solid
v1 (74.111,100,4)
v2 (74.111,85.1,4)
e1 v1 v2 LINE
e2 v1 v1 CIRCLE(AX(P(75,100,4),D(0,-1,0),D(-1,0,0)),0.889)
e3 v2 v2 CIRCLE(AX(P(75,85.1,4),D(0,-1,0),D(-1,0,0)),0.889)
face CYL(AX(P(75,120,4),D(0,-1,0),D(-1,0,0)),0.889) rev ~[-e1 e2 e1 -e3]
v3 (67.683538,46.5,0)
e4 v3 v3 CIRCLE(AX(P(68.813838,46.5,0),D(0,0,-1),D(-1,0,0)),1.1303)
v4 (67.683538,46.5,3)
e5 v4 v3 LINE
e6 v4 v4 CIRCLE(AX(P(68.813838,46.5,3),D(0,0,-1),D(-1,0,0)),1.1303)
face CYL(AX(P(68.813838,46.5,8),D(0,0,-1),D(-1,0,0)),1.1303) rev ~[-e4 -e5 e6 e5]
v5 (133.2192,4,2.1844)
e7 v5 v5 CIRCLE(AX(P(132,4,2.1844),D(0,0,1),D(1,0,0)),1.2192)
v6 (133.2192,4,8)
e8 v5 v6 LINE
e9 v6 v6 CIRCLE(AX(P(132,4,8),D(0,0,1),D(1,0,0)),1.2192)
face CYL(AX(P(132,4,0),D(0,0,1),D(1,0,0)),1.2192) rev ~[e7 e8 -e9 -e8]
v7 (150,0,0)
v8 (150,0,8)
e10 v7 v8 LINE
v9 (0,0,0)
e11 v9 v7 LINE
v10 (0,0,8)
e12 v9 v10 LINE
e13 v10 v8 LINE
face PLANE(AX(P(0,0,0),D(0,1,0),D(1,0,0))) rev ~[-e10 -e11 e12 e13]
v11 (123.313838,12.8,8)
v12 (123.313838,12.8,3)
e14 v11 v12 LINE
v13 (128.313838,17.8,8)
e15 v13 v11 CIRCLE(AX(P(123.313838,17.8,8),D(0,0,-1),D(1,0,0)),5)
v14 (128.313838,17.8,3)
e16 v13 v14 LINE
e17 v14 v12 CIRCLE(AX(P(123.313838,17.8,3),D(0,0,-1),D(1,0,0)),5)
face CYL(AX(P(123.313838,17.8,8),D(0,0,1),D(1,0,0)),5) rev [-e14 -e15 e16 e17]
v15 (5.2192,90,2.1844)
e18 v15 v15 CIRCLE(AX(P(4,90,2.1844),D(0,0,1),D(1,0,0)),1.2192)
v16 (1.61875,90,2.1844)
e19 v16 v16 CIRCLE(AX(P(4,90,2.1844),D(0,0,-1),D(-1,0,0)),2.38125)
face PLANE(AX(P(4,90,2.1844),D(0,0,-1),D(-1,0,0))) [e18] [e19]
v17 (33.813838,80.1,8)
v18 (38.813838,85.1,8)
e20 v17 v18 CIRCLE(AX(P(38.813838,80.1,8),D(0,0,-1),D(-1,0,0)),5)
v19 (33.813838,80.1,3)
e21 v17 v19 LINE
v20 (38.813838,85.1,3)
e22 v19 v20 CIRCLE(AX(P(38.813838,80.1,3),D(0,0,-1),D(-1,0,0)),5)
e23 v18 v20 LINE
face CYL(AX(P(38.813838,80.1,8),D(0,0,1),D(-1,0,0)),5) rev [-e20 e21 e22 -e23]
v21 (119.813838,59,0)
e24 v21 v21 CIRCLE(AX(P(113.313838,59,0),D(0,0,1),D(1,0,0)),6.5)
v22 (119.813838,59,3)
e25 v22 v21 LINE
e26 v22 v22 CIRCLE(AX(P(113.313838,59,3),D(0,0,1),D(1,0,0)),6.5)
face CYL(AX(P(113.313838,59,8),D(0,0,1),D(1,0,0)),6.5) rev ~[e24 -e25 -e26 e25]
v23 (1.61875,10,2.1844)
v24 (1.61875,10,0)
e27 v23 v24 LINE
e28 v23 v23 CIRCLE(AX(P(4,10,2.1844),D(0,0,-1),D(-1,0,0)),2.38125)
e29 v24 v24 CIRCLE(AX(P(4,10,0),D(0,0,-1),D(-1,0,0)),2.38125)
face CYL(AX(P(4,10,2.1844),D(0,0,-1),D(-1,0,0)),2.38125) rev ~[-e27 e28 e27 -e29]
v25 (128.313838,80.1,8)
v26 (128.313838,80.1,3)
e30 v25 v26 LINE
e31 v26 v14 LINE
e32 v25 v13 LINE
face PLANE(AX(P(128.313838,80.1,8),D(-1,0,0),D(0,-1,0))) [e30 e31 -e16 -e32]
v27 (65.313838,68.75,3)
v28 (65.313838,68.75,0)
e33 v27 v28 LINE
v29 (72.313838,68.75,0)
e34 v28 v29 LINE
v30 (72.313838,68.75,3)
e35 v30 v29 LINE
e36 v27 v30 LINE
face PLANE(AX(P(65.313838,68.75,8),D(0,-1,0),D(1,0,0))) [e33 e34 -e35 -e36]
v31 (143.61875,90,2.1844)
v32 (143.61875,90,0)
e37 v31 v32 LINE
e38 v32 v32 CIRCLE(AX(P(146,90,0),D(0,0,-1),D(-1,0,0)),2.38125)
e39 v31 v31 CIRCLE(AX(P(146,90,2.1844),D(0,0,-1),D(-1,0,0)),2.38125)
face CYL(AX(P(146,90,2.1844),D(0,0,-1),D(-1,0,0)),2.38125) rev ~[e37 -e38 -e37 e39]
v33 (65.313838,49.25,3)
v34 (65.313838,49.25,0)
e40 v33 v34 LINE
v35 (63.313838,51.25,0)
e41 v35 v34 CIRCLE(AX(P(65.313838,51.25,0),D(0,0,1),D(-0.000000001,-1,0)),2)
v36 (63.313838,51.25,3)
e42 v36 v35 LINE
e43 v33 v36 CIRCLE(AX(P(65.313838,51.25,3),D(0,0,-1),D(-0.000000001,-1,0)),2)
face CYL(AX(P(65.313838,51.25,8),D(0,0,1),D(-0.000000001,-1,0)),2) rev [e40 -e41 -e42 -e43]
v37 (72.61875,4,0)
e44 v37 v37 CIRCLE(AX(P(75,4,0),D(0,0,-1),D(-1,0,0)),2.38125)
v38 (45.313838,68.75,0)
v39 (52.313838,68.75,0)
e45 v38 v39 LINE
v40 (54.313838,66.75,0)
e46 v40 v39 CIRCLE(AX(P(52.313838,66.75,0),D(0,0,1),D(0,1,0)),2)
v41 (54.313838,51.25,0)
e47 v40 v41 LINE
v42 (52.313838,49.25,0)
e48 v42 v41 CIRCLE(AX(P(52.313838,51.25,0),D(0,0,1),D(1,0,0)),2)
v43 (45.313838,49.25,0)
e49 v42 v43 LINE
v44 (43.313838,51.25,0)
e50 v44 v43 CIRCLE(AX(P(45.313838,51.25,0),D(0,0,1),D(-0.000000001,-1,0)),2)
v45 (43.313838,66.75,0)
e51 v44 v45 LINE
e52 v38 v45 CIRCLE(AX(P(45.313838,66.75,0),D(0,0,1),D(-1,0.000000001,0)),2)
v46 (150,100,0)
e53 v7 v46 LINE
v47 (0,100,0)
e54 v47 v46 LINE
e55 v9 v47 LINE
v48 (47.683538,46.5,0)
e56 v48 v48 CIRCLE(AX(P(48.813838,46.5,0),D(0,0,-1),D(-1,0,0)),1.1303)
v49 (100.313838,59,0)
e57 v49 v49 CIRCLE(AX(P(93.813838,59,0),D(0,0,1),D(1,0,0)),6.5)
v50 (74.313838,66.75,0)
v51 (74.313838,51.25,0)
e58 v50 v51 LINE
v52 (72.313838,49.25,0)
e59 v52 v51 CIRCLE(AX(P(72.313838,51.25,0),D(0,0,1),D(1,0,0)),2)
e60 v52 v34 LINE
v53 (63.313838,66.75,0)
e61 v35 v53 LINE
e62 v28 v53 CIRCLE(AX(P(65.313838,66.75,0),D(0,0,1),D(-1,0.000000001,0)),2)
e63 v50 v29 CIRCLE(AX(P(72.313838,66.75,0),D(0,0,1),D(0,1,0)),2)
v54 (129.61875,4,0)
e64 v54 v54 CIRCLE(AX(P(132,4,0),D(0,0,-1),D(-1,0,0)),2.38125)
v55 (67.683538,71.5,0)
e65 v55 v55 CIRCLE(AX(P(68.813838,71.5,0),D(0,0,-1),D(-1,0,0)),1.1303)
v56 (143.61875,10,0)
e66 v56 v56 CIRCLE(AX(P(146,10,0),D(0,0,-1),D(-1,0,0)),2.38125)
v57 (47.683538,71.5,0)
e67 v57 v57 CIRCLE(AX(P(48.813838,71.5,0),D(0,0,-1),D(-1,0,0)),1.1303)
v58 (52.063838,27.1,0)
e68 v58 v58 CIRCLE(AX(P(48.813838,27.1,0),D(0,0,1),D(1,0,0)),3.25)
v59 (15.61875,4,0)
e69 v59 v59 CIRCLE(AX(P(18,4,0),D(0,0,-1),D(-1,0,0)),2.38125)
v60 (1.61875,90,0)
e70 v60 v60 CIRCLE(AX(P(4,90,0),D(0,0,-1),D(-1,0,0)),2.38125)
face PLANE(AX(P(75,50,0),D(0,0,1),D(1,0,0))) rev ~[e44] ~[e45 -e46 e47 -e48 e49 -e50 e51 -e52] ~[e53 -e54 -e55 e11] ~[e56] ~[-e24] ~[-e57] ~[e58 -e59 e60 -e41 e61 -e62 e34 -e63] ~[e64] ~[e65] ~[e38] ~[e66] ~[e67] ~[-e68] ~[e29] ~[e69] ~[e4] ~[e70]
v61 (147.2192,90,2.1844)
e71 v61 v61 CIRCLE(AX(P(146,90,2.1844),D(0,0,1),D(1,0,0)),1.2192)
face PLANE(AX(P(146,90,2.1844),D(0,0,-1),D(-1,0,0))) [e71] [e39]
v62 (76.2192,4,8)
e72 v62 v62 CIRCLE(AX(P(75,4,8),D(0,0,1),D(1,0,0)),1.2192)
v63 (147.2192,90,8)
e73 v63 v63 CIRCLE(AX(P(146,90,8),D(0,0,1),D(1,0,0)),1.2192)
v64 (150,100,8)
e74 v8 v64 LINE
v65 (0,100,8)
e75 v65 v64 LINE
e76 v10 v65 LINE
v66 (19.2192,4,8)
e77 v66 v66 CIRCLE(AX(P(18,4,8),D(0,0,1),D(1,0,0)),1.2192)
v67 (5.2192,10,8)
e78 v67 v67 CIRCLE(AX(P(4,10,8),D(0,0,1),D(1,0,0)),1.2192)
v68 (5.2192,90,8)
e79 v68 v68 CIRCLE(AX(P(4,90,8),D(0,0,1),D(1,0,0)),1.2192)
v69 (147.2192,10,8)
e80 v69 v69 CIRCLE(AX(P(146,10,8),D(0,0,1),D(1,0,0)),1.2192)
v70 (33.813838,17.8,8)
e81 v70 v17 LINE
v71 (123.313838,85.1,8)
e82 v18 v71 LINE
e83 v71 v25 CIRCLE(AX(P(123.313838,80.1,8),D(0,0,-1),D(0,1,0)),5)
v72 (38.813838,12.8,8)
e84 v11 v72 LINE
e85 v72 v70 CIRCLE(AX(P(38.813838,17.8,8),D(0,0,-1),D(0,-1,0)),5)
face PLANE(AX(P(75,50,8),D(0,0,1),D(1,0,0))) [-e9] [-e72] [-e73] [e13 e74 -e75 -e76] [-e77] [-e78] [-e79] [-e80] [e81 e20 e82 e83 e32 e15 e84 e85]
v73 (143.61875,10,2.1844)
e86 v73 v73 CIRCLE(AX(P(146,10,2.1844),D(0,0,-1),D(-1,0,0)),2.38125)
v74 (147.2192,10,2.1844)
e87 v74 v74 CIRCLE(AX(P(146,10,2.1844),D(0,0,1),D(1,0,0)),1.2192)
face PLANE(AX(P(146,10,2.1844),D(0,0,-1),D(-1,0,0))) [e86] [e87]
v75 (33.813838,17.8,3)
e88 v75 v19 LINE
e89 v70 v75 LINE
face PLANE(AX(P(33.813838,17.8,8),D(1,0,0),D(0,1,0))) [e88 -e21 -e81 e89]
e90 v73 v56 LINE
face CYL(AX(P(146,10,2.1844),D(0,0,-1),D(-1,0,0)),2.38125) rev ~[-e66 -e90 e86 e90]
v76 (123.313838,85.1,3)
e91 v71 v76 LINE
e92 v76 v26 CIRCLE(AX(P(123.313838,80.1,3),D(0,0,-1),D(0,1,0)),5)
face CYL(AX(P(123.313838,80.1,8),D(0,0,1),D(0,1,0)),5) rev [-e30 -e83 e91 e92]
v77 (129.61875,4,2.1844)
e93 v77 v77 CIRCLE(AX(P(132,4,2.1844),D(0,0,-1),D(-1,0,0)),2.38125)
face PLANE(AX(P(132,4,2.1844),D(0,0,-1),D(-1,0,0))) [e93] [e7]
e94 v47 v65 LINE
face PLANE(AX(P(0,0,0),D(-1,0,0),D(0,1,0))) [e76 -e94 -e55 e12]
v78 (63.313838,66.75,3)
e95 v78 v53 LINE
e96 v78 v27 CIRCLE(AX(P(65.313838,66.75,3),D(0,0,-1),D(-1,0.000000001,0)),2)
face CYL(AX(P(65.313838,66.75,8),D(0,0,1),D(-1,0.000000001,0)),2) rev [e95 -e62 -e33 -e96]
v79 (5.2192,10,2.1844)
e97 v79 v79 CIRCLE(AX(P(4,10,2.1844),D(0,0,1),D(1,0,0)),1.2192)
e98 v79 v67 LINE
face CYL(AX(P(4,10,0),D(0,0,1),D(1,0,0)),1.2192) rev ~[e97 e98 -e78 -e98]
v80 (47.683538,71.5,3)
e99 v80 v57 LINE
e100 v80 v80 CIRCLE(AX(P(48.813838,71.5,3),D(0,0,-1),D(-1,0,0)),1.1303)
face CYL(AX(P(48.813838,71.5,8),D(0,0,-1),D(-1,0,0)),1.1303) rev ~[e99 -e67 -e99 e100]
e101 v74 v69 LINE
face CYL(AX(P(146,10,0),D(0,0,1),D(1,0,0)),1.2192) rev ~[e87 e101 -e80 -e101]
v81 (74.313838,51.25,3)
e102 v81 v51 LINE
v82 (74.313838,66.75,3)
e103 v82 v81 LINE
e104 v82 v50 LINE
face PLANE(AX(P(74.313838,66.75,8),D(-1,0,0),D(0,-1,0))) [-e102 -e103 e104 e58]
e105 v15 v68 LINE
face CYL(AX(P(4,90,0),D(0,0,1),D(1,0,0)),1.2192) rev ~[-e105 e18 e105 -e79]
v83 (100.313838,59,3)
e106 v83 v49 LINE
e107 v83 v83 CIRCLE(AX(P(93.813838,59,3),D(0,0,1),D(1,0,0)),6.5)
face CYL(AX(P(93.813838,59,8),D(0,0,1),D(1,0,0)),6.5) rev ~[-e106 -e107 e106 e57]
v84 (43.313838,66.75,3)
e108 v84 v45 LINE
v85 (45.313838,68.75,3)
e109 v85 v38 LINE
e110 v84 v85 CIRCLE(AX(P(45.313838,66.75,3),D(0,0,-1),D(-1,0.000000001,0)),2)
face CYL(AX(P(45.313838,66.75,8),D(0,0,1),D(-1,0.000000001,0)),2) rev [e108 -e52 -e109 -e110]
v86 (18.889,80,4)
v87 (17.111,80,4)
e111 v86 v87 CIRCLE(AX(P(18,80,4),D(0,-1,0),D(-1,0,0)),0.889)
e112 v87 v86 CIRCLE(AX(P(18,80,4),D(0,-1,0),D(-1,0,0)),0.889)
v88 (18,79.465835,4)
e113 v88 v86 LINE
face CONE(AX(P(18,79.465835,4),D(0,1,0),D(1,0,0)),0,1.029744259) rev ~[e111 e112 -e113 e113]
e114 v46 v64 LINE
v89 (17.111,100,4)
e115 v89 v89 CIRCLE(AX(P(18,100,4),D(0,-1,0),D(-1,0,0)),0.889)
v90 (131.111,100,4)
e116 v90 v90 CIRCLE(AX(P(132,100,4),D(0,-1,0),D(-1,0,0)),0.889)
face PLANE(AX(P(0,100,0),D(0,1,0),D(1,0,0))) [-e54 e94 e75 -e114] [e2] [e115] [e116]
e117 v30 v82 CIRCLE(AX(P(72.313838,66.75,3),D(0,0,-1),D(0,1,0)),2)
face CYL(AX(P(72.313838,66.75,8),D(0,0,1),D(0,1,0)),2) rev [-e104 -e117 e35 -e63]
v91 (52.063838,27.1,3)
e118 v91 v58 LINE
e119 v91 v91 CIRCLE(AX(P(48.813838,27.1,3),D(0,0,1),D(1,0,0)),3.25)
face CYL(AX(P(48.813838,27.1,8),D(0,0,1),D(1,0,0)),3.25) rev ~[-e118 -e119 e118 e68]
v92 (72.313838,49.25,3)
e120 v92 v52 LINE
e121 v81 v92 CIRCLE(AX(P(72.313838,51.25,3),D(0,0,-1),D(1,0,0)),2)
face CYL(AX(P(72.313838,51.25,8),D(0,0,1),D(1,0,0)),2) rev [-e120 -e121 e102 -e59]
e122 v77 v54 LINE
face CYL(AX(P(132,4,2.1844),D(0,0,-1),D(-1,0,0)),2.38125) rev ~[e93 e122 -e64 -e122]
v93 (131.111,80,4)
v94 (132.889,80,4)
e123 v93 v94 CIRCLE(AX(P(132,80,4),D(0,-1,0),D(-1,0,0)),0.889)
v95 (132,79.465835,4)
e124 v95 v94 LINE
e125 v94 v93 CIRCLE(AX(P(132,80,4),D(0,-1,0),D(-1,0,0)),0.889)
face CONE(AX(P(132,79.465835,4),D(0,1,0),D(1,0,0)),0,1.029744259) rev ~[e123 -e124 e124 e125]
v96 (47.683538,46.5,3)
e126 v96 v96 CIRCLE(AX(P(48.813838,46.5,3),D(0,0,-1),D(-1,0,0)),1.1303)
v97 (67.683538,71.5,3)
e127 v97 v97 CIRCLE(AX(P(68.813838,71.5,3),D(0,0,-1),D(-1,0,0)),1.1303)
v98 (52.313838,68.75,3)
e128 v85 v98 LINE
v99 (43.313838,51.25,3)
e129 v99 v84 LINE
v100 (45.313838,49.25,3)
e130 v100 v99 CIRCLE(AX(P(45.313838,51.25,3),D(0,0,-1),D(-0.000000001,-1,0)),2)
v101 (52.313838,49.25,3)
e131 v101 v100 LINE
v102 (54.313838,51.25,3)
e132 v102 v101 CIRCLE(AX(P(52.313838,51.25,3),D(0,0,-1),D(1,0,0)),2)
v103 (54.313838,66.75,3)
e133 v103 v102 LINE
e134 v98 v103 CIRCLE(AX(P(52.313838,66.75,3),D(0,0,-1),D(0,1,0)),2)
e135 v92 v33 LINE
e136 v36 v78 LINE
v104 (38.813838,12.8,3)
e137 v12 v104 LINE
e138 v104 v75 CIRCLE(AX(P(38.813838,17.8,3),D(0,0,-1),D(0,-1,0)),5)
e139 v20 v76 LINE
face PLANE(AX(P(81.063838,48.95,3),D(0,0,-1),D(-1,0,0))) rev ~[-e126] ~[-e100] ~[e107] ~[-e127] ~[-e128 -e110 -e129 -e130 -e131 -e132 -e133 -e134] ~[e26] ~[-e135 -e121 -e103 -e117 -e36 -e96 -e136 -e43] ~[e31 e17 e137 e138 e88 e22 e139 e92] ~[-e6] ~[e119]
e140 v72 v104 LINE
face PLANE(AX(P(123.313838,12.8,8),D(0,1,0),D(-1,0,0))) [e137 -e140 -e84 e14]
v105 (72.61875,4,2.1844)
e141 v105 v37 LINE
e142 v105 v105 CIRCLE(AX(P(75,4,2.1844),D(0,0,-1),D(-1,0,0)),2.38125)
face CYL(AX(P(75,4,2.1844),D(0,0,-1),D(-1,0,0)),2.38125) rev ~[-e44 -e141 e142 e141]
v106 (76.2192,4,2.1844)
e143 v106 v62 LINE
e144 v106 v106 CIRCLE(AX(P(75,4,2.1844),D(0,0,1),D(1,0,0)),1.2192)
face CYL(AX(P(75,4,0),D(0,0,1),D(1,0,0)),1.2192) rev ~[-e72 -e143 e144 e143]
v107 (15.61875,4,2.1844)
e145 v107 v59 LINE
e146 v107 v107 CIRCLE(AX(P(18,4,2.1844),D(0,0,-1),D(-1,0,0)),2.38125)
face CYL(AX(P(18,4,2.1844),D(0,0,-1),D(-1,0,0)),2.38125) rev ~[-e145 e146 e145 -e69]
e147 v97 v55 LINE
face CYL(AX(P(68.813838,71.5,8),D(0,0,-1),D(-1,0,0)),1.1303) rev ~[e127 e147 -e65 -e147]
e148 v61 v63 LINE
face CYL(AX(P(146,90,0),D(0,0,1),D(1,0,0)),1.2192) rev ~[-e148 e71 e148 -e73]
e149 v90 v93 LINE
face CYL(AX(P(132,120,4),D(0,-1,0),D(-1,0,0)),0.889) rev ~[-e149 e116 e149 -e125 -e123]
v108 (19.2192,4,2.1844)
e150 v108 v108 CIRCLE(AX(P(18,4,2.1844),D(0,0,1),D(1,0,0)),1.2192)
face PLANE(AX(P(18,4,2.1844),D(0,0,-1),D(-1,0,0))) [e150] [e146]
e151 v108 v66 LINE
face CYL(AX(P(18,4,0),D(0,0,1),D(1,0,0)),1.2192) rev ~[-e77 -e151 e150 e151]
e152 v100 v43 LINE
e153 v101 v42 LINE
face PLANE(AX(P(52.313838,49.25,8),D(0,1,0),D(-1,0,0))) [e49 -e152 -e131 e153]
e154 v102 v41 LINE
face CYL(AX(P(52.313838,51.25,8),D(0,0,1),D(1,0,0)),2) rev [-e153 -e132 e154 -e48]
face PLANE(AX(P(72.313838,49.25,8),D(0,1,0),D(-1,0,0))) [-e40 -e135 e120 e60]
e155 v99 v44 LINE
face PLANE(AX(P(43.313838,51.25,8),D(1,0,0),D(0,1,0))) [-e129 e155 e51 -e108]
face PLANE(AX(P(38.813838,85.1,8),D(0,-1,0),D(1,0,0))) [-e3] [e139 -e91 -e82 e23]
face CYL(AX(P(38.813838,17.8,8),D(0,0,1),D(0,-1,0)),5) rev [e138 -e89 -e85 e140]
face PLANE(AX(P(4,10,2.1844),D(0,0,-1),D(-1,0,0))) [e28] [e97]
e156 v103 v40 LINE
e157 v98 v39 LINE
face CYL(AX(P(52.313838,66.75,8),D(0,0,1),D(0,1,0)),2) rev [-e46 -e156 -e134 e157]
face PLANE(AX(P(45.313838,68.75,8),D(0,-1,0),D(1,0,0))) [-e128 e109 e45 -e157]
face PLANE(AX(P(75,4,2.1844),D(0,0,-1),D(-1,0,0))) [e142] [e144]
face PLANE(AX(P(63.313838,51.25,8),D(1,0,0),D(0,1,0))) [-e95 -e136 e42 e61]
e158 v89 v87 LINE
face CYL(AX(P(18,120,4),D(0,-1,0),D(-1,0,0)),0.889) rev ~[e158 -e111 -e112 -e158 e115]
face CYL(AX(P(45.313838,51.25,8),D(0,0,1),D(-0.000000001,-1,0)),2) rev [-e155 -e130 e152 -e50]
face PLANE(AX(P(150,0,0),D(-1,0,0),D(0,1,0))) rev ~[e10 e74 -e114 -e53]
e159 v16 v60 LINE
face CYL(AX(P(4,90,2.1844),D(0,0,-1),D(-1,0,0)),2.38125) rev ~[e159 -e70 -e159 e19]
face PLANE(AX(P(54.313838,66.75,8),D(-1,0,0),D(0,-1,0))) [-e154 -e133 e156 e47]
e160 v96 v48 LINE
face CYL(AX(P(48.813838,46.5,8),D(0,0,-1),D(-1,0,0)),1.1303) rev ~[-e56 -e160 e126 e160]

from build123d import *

# Parameters (mm, degrees)
SKETCH1_W                                      = 150
SKETCH1_H                                      = 100
BOSS_EXTRUDE1_DEPTH                            = 8
CBORE_FOR_2_SOCKET_HEAD_CAP_SCREW1_D           = 2.4384
CBORE_FOR_2_SOCKET_HEAD_CAP_SCREW1_CBORE_D     = 4.7625
CBORE_FOR_2_SOCKET_HEAD_CAP_SCREW1_CBORE_DEPTH = 2.1844
F_2_56_TAPPED_HOLE1_D                          = 1.778
F_2_56_TAPPED_HOLE1_DEPTH                      = 20
F_2_56_TAPPED_HOLE1_TIP                        = 0.53416509
SKETCH7_R                                      = 6.5
SKETCH7_R_2                                    = 3.25
BNC_PIEZO_BNC_THRU_HOLES_DEPTH                 = 9
F_4_40_TAPPED_HOLE1_D                          = 2.2606
F_4_40_TAPPED_HOLE1_CSINK_D                    = 4.1148
F_4_40_TAPPED_HOLE1_CSINK_ANGLE                = 90
SKETCH7_3_R                                    = 6.5
SKETCH7_3_R_2                                  = 3.25
CUT_EXTRUDE2_DEPTH                             = 5


with BuildPart() as part:
    # Sketch1 → Boss-Extrude1 (new body)
    with BuildSketch(Plane.XY):
        with Locations((75, 50)):
            Rectangle(SKETCH1_W, SKETCH1_H)
    extrude(amount=BOSS_EXTRUDE1_DEPTH)

    # CBORE for #2 Socket Head Cap Screw1 (through all)
    with Locations(Plane(origin=(0, 0, 0), x_dir=(-1, 0, 0), z_dir=(0, 0, -1))):
        with Locations((-132, 4), (-18, 4), (-4, 90), (-146, 90), (-146, 10), (-4, 10), (-75, 4)):
            CounterBoreHole(CBORE_FOR_2_SOCKET_HEAD_CAP_SCREW1_D / 2, CBORE_FOR_2_SOCKET_HEAD_CAP_SCREW1_CBORE_D / 2, CBORE_FOR_2_SOCKET_HEAD_CAP_SCREW1_CBORE_DEPTH)

    # #2-56 Tapped Hole1
    with Locations(Plane(origin=(0, 100, 0), x_dir=(1, 0, 0), z_dir=(0, 1, 0))):
        with Locations((18, -4), (75, -4), (132, -4)):
            Hole(F_2_56_TAPPED_HOLE1_D / 2, depth=F_2_56_TAPPED_HOLE1_DEPTH)
            with Locations((0, 0, -(F_2_56_TAPPED_HOLE1_DEPTH + F_2_56_TAPPED_HOLE1_TIP / 2))):  # 118° drill point
                Cone(0, F_2_56_TAPPED_HOLE1_D / 2, F_2_56_TAPPED_HOLE1_TIP, mode=Mode.SUBTRACT)

    # Sketch7 → BNC & piezo & BNC thru holes (cut, through all)
    with BuildSketch(Plane.XY.offset(8)):
        with BuildLine():
            Line((45.313838353, 68.75), (52.313838353, 68.75))
            ThreePointArc((52.313838353, 68.75), (53.728051916, 68.164213562), (54.313838353, 66.75))
            Line((54.313838353, 66.75), (54.313838353, 51.25))
            ThreePointArc((54.313838353, 51.25), (53.728051916, 49.835786438), (52.313838353, 49.25))
            Line((52.313838353, 49.25), (45.313838353, 49.25))
            ThreePointArc((45.313838353, 49.25), (43.899624791, 49.835786438), (43.313838353, 51.25))
            Line((43.313838353, 51.25), (43.313838353, 66.75))
            ThreePointArc((43.313838353, 66.75), (43.899624791, 68.164213562), (45.313838353, 68.75))
        make_face()
        with BuildLine():
            Line((65.313838353, 68.75), (72.313838353, 68.75))
            ThreePointArc((72.313838353, 68.75), (73.728051916, 68.164213562), (74.313838353, 66.75))
            Line((74.313838353, 66.75), (74.313838353, 51.25))
            ThreePointArc((74.313838353, 51.25), (73.728051916, 49.835786438), (72.313838353, 49.25))
            Line((72.313838353, 49.25), (65.313838353, 49.25))
            ThreePointArc((65.313838353, 49.25), (63.899624791, 49.835786438), (63.313838353, 51.25))
            Line((63.313838353, 51.25), (63.313838353, 66.75))
            ThreePointArc((63.313838353, 66.75), (63.899624791, 68.164213562), (65.313838353, 68.75))
        make_face()
        with Locations((93.813838353, 59)):
            Circle(SKETCH7_R)
        with Locations((113.313838353, 59)):
            Circle(SKETCH7_R)
        with Locations((48.813838353, 27.1)):
            Circle(SKETCH7_R_2)
    extrude(amount=-BNC_PIEZO_BNC_THRU_HOLES_DEPTH, mode=Mode.SUBTRACT)

    # #4-40 Tapped Hole1 (through all)
    with Locations(Plane.XY.offset(8)):
        with Locations((48.813838353, 71.5), (68.813838353, 71.5), (68.813838353, 46.5), (48.813838353, 46.5)):
            CounterSinkHole(F_4_40_TAPPED_HOLE1_D / 2, F_4_40_TAPPED_HOLE1_CSINK_D / 2, counter_sink_angle=F_4_40_TAPPED_HOLE1_CSINK_ANGLE)

    # Sketch7<3> → Cut-Extrude2 (cut)
    with BuildSketch(Plane.XY.offset(8)):
        with BuildLine():
            Line((38.813838353, 85.1), (123.313838353, 85.1))
            ThreePointArc((123.313838353, 85.1), (126.849372259, 83.635533906), (128.313838353, 80.1))
            Line((128.313838353, 80.1), (128.313838353, 17.8))
            ThreePointArc((128.313838353, 17.8), (126.849372259, 14.264466094), (123.313838353, 12.8))
            Line((123.313838353, 12.8), (38.813838353, 12.8))
            ThreePointArc((38.813838353, 12.8), (35.278304447, 14.264466094), (33.813838353, 17.8))
            Line((33.813838353, 17.8), (33.813838353, 80.1))
            ThreePointArc((33.813838353, 80.1), (35.278304447, 83.635533906), (38.813838353, 85.1))
        make_face()
        with Locations((93.813838353, 59)):
            Circle(SKETCH7_3_R, mode=Mode.SUBTRACT)
        with Locations((113.313838353, 59)):
            Circle(SKETCH7_3_R, mode=Mode.SUBTRACT)
        with Locations((48.813838353, 27.1)):
            Circle(SKETCH7_3_R_2, mode=Mode.SUBTRACT)
        with BuildLine():
            Line((45.313838353, 68.75), (52.313838353, 68.75))
            ThreePointArc((52.313838353, 68.75), (53.728051916, 68.164213562), (54.313838353, 66.75))
            Line((54.313838353, 66.75), (54.313838353, 51.25))
            ThreePointArc((54.313838353, 51.25), (53.728051916, 49.835786438), (52.313838353, 49.25))
            Line((52.313838353, 49.25), (45.313838353, 49.25))
            ThreePointArc((45.313838353, 49.25), (43.899624791, 49.835786438), (43.313838353, 51.25))
            Line((43.313838353, 51.25), (43.313838353, 66.75))
            ThreePointArc((43.313838353, 66.75), (43.899624791, 68.164213562), (45.313838353, 68.75))
        make_face(mode=Mode.SUBTRACT)
        with BuildLine():
            Line((65.313838353, 68.75), (72.313838353, 68.75))
            ThreePointArc((72.313838353, 68.75), (73.728051916, 68.164213562), (74.313838353, 66.75))
            Line((74.313838353, 66.75), (74.313838353, 51.25))
            ThreePointArc((74.313838353, 51.25), (73.728051916, 49.835786438), (72.313838353, 49.25))
            Line((72.313838353, 49.25), (65.313838353, 49.25))
            ThreePointArc((65.313838353, 49.25), (63.899624791, 49.835786438), (63.313838353, 51.25))
            Line((63.313838353, 51.25), (63.313838353, 66.75))
            ThreePointArc((63.313838353, 66.75), (63.899624791, 68.164213562), (65.313838353, 68.75))
        make_face(mode=Mode.SUBTRACT)
    extrude(amount=-CUT_EXTRUDE2_DEPTH, mode=Mode.SUBTRACT)


solid = part.part
